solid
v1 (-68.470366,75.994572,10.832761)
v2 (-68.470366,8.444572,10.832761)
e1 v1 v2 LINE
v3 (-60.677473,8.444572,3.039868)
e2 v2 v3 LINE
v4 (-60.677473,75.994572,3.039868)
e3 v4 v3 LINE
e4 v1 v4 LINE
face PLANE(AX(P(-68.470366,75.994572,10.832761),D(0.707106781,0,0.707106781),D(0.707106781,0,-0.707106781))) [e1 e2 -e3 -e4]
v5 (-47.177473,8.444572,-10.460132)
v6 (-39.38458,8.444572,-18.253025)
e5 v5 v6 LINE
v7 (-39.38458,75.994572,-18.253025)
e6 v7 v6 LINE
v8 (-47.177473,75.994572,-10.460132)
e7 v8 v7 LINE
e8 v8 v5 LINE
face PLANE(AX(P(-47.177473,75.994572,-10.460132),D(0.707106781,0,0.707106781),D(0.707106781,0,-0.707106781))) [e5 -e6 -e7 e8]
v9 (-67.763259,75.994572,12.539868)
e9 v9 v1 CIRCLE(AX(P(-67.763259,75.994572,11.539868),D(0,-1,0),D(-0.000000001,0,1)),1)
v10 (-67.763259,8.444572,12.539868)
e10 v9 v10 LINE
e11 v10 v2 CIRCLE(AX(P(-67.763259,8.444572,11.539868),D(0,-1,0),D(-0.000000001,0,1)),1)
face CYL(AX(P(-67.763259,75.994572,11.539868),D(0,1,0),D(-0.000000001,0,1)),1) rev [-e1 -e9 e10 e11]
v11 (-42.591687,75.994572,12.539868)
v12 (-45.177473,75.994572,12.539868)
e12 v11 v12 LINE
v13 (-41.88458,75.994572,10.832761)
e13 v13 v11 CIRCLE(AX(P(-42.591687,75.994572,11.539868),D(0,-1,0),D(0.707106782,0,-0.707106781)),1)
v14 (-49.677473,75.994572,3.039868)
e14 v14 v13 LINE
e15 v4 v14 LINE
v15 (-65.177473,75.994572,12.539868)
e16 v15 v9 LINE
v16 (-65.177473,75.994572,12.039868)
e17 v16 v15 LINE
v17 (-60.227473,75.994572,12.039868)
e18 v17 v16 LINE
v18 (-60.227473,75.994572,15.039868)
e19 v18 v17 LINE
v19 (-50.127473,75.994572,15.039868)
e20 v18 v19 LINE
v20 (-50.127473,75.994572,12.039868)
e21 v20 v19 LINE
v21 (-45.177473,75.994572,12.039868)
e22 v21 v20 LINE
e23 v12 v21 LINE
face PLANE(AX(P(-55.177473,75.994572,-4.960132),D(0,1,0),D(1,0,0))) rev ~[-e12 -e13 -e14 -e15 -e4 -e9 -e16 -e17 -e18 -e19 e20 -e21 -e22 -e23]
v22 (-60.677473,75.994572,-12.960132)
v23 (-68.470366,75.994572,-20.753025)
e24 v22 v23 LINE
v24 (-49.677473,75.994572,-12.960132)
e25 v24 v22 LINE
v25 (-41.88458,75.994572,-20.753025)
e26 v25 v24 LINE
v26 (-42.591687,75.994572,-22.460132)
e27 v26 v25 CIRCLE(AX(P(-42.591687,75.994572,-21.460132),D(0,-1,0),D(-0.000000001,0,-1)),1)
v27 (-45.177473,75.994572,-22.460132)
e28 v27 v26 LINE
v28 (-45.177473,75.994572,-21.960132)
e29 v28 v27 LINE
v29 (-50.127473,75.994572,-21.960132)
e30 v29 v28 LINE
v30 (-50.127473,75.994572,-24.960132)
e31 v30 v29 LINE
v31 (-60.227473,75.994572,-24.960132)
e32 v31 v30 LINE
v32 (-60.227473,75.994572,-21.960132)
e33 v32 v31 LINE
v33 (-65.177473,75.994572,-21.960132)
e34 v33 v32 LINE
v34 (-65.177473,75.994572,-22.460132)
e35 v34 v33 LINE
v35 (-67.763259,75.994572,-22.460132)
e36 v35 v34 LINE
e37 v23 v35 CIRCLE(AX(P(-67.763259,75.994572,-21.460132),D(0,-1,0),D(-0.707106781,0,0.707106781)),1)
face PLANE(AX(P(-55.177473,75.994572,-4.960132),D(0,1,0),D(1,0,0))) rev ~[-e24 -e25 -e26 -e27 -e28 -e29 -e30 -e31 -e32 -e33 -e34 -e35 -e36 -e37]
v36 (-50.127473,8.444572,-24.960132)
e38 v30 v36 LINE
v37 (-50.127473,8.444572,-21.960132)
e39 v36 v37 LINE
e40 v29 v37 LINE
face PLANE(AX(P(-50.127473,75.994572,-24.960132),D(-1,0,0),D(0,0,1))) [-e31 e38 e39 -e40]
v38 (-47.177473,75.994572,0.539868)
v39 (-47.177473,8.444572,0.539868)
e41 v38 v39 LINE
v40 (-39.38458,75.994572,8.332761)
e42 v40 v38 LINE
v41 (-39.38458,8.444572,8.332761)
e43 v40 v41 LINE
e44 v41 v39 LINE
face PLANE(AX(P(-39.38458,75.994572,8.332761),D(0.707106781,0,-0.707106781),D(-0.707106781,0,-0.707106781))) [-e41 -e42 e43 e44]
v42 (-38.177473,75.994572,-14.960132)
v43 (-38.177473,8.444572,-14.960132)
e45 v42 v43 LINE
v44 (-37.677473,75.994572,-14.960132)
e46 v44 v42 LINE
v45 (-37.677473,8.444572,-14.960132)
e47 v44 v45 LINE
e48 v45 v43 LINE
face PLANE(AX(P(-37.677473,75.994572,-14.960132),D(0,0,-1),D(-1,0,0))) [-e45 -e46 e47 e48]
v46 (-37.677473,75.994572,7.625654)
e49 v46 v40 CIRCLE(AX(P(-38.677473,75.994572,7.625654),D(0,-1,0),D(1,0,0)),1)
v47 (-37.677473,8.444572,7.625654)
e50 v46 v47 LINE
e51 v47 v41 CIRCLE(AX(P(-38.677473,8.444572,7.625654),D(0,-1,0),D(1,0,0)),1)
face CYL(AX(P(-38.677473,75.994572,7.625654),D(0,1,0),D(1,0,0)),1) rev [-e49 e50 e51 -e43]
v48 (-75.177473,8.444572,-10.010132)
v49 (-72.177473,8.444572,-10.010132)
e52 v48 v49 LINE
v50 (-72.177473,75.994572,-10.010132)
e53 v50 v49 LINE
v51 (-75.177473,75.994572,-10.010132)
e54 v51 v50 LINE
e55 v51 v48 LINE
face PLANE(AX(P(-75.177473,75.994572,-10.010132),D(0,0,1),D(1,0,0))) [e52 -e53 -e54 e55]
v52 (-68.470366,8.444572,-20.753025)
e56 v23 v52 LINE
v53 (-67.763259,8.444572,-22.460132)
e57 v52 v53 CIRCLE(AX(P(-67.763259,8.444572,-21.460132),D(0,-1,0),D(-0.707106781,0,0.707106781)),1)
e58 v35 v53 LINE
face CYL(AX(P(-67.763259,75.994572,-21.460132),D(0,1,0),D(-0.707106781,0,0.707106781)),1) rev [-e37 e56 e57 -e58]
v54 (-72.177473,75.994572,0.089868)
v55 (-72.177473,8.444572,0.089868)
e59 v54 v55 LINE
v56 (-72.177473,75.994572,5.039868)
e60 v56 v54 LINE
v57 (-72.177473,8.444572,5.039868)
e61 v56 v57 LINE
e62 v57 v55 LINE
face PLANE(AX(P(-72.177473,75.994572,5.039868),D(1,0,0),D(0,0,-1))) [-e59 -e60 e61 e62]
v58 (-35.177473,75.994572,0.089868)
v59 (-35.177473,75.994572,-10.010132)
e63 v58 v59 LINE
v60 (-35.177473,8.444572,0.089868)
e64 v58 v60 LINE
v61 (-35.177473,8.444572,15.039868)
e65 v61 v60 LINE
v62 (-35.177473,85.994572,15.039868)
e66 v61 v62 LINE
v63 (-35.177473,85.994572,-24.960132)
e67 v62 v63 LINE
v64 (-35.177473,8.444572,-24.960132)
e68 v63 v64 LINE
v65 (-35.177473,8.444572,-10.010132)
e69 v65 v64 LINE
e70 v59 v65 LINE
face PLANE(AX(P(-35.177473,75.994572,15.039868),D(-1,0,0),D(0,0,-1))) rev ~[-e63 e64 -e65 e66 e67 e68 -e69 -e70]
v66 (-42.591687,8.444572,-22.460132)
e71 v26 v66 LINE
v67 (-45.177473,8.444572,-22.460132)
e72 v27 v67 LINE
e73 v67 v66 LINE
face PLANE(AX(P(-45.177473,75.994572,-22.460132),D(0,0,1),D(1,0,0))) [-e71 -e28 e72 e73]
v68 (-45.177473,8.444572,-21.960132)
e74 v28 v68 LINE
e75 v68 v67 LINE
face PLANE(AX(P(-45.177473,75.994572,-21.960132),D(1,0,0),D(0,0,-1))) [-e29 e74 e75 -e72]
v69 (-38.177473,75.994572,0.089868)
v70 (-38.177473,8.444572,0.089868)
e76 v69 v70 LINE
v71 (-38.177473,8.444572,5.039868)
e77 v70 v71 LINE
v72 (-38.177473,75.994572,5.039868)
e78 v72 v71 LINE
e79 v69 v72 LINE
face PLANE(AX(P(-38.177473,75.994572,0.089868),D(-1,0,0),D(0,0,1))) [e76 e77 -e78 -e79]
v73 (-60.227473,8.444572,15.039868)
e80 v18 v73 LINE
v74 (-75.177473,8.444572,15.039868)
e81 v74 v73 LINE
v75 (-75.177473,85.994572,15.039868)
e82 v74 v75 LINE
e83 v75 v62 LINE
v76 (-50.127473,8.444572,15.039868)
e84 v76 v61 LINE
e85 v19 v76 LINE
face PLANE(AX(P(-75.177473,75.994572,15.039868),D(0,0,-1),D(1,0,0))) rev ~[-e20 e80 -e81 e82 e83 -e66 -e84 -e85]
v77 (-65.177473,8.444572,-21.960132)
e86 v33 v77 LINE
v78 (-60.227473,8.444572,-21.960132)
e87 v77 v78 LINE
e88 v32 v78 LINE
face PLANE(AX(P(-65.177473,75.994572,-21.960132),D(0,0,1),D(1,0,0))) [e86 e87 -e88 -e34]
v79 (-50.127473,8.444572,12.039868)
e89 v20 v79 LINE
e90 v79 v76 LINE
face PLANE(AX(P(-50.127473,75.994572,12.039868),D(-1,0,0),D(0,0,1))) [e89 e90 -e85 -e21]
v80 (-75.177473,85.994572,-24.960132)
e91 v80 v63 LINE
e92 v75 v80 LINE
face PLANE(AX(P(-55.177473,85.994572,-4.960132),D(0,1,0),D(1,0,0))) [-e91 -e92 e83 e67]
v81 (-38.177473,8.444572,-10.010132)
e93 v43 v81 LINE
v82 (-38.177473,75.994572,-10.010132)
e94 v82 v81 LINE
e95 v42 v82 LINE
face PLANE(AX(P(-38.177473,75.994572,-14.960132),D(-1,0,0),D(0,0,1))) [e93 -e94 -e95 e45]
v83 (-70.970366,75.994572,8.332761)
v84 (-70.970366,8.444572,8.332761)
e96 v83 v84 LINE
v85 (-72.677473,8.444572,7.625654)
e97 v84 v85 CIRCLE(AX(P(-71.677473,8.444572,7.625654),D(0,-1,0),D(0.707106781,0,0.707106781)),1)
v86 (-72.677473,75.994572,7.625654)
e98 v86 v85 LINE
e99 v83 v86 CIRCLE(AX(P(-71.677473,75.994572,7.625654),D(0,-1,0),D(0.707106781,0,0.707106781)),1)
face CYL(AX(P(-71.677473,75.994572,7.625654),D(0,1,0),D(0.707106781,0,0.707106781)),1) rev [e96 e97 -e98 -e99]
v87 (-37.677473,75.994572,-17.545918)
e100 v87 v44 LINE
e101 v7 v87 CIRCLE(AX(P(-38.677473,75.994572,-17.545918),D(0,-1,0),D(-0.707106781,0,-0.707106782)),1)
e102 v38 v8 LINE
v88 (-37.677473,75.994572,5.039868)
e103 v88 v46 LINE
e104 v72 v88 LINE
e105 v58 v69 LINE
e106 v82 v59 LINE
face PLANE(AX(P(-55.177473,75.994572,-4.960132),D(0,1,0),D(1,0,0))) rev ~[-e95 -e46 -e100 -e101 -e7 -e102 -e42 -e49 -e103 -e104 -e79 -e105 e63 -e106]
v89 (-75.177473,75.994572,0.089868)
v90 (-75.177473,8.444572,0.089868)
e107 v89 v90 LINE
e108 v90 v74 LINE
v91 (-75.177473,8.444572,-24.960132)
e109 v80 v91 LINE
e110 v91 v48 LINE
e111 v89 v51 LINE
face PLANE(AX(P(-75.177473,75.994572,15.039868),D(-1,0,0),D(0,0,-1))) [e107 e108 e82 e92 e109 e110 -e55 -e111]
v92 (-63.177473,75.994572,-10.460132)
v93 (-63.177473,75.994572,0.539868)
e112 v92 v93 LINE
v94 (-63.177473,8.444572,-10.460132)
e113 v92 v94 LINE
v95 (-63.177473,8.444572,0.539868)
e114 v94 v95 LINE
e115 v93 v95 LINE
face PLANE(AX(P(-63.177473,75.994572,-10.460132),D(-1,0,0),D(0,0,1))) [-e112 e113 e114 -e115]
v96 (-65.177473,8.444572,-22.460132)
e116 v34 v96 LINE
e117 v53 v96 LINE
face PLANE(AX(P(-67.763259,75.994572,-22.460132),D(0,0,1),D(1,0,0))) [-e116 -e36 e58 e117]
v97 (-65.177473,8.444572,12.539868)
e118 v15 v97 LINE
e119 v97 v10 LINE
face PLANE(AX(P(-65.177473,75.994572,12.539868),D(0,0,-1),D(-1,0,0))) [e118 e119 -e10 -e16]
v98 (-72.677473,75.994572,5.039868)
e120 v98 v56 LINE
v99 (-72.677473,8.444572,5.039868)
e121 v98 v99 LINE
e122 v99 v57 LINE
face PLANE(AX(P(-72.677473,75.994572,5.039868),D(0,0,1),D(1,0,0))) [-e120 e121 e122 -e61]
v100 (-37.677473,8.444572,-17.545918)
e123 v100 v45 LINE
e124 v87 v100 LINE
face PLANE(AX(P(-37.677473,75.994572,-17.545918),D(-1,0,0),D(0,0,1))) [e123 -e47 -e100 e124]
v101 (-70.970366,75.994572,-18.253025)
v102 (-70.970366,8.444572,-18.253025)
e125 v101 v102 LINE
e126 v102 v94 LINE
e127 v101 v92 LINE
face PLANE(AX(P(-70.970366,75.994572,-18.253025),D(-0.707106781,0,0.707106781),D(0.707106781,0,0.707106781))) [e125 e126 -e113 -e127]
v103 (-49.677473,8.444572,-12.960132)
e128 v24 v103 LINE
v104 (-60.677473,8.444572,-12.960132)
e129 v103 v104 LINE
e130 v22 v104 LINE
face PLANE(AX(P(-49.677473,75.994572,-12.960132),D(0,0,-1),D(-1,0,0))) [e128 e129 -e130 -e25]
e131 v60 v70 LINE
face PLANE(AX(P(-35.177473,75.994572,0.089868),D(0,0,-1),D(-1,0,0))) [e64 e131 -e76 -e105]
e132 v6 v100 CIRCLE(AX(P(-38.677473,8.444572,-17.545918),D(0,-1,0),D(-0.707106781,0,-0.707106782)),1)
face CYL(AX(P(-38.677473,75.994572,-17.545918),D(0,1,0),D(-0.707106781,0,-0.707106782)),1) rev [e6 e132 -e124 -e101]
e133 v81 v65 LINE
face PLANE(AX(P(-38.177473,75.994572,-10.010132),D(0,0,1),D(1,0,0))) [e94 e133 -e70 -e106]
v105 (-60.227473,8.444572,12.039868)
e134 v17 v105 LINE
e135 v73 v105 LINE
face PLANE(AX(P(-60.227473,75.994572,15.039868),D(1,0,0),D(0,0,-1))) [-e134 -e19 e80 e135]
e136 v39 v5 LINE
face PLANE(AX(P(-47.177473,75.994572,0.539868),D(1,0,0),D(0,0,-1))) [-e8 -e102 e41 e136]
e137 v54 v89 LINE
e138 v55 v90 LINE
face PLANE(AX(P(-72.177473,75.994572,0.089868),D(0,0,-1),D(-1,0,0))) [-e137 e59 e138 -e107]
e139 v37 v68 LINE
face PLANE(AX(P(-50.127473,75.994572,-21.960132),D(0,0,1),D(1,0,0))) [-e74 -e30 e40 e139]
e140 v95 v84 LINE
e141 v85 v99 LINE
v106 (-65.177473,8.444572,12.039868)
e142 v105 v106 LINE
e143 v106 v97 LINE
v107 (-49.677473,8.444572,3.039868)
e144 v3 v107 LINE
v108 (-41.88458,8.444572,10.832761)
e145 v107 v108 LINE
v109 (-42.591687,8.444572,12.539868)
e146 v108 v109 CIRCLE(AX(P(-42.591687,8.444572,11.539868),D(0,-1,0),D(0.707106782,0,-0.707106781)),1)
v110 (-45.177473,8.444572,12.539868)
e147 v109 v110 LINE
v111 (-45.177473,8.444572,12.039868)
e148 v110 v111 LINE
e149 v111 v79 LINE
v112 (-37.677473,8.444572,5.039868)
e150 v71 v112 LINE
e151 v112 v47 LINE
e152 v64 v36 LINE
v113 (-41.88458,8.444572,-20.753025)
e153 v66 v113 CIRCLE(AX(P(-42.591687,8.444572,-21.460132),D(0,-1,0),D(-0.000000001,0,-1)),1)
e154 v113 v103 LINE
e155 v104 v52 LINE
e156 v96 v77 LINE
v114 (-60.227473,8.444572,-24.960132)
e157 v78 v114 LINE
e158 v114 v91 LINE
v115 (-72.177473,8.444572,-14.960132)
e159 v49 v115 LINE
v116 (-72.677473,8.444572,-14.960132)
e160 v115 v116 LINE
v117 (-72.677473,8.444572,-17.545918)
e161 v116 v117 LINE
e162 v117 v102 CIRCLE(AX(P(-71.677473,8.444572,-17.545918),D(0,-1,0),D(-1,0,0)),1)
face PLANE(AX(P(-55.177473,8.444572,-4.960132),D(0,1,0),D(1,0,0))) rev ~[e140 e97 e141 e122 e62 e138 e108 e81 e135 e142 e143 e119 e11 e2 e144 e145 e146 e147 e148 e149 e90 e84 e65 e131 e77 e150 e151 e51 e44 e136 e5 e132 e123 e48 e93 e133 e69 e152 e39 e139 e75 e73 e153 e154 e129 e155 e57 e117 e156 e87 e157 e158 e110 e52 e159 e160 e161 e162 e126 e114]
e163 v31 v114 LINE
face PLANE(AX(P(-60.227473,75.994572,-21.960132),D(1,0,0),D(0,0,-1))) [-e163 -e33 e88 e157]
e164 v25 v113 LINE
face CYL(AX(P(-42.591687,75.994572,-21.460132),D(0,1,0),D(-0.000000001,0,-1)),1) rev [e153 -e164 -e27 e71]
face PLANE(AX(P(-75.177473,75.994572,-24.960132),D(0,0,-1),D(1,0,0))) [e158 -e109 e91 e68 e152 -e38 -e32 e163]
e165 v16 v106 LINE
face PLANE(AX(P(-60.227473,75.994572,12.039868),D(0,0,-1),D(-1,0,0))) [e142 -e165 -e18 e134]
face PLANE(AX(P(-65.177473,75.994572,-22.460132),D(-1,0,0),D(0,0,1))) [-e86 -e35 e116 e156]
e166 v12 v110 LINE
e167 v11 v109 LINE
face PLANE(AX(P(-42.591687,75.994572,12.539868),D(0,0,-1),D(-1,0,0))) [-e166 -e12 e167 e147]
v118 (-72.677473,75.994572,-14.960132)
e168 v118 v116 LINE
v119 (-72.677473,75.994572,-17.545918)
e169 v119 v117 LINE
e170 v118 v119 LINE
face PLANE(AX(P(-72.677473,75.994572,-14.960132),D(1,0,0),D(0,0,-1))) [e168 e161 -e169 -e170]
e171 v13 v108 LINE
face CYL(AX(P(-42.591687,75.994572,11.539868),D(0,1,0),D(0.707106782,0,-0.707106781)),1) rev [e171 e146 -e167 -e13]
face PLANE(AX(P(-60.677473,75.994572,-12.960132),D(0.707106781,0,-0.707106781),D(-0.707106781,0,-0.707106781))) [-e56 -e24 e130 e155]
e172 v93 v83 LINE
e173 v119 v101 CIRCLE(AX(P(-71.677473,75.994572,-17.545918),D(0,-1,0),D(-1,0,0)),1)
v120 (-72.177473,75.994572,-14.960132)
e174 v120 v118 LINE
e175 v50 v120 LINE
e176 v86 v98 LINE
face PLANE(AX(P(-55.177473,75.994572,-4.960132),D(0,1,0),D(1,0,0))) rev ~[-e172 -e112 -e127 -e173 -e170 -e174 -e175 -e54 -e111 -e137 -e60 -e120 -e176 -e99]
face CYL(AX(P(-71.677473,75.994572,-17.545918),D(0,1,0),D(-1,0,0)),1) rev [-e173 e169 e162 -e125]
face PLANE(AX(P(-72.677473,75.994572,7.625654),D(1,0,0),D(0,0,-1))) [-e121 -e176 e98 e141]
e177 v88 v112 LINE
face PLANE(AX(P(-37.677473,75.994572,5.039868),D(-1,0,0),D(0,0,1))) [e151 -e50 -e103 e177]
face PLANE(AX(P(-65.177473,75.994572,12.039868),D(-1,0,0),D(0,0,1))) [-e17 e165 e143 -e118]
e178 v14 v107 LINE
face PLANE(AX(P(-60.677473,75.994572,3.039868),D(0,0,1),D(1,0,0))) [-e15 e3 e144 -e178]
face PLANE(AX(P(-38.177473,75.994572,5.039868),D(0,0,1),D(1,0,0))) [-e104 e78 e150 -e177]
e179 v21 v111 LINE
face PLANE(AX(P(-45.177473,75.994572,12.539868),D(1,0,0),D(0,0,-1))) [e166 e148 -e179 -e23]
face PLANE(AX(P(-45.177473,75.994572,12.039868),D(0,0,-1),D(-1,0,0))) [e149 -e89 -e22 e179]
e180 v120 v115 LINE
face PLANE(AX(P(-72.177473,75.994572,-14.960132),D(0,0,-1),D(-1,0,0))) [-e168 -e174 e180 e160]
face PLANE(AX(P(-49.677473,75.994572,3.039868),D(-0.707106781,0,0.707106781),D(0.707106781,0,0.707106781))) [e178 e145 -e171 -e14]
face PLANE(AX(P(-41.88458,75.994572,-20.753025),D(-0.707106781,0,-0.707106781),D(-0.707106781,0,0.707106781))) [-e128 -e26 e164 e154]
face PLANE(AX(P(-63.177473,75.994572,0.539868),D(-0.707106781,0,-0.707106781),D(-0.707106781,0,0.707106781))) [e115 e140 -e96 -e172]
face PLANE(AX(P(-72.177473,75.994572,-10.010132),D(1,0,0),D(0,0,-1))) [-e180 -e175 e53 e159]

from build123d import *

# Parameters (mm, degrees)
BOSS_EXTRUDE1_DEPTH = 67.55
SKETCH2_W           = 40
SKETCH2_H           = 40
BOSS_EXTRUDE2_DEPTH = 10


with BuildPart() as part:
    # Sketch1 → Boss-Extrude1 (new body)
    with BuildSketch(Plane(origin=(0, 75.994571645, 0), x_dir=(1, 0, 0), z_dir=(0, 1, 0))):
        with BuildLine():
            Line((-75.17747299, -15.039868045), (-60.22747299, -15.039868045))
            Line((-60.22747299, -15.039868045), (-60.22747299, -12.039868045))
            Line((-60.22747299, -12.039868045), (-65.17747299, -12.039868045))
            Line((-65.17747299, -12.039868045), (-65.17747299, -12.539868045))
            Line((-65.17747299, -12.539868045), (-67.763259428, -12.539868045))
            ThreePointArc((-67.763259428, -12.539868045), (-68.68713896, -11.922551477), (-68.470366209, -10.832761264))
            Line((-68.470366209, -10.832761264), (-60.67747299, -3.039868045))
            Line((-60.67747299, -3.039868045), (-49.67747299, -3.039868045))
            Line((-49.67747299, -3.039868045), (-41.884579771, -10.832761264))
            ThreePointArc((-41.884579771, -10.832761264), (-41.66780702, -11.922551477), (-42.591686553, -12.539868045))
            Line((-42.591686553, -12.539868045), (-45.17747299, -12.539868045))
            Line((-45.17747299, -12.539868045), (-45.17747299, -12.039868045))
            Line((-45.17747299, -12.039868045), (-50.12747299, -12.039868045))
            Line((-50.12747299, -12.039868045), (-50.12747299, -15.039868045))
            Line((-50.12747299, -15.039868045), (-35.17747299, -15.039868045))
            Line((-35.17747299, -15.039868045), (-35.17747299, -0.089868045))
            Line((-35.17747299, -0.089868045), (-38.17747299, -0.089868045))
            Line((-38.17747299, -0.089868045), (-38.17747299, -5.039868045))
            Line((-38.17747299, -5.039868045), (-37.67747299, -5.039868045))
            Line((-37.67747299, -5.039868045), (-37.67747299, -7.625654482))
            ThreePointArc((-37.67747299, -7.625654482), (-38.294789558, -8.549534015), (-39.384579771, -8.332761264))
            Line((-39.384579771, -8.332761264), (-47.17747299, -0.539868045))
            Line((-47.17747299, -0.539868045), (-47.17747299, 10.460131955))
            Line((-47.17747299, 10.460131955), (-39.384579771, 18.253025174))
            ThreePointArc((-39.384579771, 18.253025174), (-38.294789558, 18.469797925), (-37.67747299, 17.545918393))
            Line((-37.67747299, 17.545918393), (-37.67747299, 14.960131955))
            Line((-37.67747299, 14.960131955), (-38.17747299, 14.960131955))
            Line((-38.17747299, 14.960131955), (-38.17747299, 10.010131955))
            Line((-38.17747299, 10.010131955), (-35.17747299, 10.010131955))
            Line((-35.17747299, 10.010131955), (-35.17747299, 24.960131955))
            Line((-35.17747299, 24.960131955), (-50.12747299, 24.960131955))
            Line((-50.12747299, 24.960131955), (-50.12747299, 21.960131955))
            Line((-50.12747299, 21.960131955), (-45.17747299, 21.960131955))
            Line((-45.17747299, 21.960131955), (-45.17747299, 22.460131955))
            Line((-45.17747299, 22.460131955), (-42.591686553, 22.460131955))
            ThreePointArc((-42.591686553, 22.460131955), (-41.66780702, 21.842815388), (-41.884579771, 20.753025174))
            Line((-41.884579771, 20.753025174), (-49.67747299, 12.960131955))
            Line((-49.67747299, 12.960131955), (-60.67747299, 12.960131955))
            Line((-60.67747299, 12.960131955), (-68.470366209, 20.753025174))
            ThreePointArc((-68.470366209, 20.753025174), (-68.68713896, 21.842815388), (-67.763259428, 22.460131955))
            Line((-67.763259428, 22.460131955), (-65.17747299, 22.460131955))
            Line((-65.17747299, 22.460131955), (-65.17747299, 21.960131955))
            Line((-65.17747299, 21.960131955), (-60.22747299, 21.960131955))
            Line((-60.22747299, 21.960131955), (-60.22747299, 24.960131955))
            Line((-60.22747299, 24.960131955), (-75.17747299, 24.960131955))
            Line((-75.17747299, 24.960131955), (-75.17747299, 10.010131955))
            Line((-75.17747299, 10.010131955), (-72.17747299, 10.010131955))
            Line((-72.17747299, 10.010131955), (-72.17747299, 14.960131955))
            Line((-72.17747299, 14.960131955), (-72.67747299, 14.960131955))
            Line((-72.67747299, 14.960131955), (-72.67747299, 17.545918393))
            ThreePointArc((-72.67747299, 17.545918393), (-72.060156423, 18.469797925), (-70.970366209, 18.253025174))
            Line((-70.970366209, 18.253025174), (-63.17747299, 10.460131955))
            Line((-63.17747299, 10.460131955), (-63.17747299, -0.539868045))
            Line((-63.17747299, -0.539868045), (-70.970366209, -8.332761264))
            ThreePointArc((-70.970366209, -8.332761264), (-72.060156423, -8.549534015), (-72.67747299, -7.625654482))
            Line((-72.67747299, -7.625654482), (-72.67747299, -5.039868045))
            Line((-72.67747299, -5.039868045), (-72.17747299, -5.039868045))
            Line((-72.17747299, -5.039868045), (-72.17747299, -0.089868045))
            Line((-72.17747299, -0.089868045), (-75.17747299, -0.089868045))
            Line((-75.17747299, -0.089868045), (-75.17747299, -15.039868045))
        make_face()
    extrude(amount=-BOSS_EXTRUDE1_DEPTH)

    # Sketch2 → Boss-Extrude2 (add)
    with BuildSketch(Plane(origin=(0, 75.994571645, 0), x_dir=(1, 0, 0), z_dir=(0, 1, 0))):
        with Locations((-55.17747299, 4.960131955)):
            Rectangle(SKETCH2_W, SKETCH2_H)
    extrude(amount=BOSS_EXTRUDE2_DEPTH)


solid = part.part
